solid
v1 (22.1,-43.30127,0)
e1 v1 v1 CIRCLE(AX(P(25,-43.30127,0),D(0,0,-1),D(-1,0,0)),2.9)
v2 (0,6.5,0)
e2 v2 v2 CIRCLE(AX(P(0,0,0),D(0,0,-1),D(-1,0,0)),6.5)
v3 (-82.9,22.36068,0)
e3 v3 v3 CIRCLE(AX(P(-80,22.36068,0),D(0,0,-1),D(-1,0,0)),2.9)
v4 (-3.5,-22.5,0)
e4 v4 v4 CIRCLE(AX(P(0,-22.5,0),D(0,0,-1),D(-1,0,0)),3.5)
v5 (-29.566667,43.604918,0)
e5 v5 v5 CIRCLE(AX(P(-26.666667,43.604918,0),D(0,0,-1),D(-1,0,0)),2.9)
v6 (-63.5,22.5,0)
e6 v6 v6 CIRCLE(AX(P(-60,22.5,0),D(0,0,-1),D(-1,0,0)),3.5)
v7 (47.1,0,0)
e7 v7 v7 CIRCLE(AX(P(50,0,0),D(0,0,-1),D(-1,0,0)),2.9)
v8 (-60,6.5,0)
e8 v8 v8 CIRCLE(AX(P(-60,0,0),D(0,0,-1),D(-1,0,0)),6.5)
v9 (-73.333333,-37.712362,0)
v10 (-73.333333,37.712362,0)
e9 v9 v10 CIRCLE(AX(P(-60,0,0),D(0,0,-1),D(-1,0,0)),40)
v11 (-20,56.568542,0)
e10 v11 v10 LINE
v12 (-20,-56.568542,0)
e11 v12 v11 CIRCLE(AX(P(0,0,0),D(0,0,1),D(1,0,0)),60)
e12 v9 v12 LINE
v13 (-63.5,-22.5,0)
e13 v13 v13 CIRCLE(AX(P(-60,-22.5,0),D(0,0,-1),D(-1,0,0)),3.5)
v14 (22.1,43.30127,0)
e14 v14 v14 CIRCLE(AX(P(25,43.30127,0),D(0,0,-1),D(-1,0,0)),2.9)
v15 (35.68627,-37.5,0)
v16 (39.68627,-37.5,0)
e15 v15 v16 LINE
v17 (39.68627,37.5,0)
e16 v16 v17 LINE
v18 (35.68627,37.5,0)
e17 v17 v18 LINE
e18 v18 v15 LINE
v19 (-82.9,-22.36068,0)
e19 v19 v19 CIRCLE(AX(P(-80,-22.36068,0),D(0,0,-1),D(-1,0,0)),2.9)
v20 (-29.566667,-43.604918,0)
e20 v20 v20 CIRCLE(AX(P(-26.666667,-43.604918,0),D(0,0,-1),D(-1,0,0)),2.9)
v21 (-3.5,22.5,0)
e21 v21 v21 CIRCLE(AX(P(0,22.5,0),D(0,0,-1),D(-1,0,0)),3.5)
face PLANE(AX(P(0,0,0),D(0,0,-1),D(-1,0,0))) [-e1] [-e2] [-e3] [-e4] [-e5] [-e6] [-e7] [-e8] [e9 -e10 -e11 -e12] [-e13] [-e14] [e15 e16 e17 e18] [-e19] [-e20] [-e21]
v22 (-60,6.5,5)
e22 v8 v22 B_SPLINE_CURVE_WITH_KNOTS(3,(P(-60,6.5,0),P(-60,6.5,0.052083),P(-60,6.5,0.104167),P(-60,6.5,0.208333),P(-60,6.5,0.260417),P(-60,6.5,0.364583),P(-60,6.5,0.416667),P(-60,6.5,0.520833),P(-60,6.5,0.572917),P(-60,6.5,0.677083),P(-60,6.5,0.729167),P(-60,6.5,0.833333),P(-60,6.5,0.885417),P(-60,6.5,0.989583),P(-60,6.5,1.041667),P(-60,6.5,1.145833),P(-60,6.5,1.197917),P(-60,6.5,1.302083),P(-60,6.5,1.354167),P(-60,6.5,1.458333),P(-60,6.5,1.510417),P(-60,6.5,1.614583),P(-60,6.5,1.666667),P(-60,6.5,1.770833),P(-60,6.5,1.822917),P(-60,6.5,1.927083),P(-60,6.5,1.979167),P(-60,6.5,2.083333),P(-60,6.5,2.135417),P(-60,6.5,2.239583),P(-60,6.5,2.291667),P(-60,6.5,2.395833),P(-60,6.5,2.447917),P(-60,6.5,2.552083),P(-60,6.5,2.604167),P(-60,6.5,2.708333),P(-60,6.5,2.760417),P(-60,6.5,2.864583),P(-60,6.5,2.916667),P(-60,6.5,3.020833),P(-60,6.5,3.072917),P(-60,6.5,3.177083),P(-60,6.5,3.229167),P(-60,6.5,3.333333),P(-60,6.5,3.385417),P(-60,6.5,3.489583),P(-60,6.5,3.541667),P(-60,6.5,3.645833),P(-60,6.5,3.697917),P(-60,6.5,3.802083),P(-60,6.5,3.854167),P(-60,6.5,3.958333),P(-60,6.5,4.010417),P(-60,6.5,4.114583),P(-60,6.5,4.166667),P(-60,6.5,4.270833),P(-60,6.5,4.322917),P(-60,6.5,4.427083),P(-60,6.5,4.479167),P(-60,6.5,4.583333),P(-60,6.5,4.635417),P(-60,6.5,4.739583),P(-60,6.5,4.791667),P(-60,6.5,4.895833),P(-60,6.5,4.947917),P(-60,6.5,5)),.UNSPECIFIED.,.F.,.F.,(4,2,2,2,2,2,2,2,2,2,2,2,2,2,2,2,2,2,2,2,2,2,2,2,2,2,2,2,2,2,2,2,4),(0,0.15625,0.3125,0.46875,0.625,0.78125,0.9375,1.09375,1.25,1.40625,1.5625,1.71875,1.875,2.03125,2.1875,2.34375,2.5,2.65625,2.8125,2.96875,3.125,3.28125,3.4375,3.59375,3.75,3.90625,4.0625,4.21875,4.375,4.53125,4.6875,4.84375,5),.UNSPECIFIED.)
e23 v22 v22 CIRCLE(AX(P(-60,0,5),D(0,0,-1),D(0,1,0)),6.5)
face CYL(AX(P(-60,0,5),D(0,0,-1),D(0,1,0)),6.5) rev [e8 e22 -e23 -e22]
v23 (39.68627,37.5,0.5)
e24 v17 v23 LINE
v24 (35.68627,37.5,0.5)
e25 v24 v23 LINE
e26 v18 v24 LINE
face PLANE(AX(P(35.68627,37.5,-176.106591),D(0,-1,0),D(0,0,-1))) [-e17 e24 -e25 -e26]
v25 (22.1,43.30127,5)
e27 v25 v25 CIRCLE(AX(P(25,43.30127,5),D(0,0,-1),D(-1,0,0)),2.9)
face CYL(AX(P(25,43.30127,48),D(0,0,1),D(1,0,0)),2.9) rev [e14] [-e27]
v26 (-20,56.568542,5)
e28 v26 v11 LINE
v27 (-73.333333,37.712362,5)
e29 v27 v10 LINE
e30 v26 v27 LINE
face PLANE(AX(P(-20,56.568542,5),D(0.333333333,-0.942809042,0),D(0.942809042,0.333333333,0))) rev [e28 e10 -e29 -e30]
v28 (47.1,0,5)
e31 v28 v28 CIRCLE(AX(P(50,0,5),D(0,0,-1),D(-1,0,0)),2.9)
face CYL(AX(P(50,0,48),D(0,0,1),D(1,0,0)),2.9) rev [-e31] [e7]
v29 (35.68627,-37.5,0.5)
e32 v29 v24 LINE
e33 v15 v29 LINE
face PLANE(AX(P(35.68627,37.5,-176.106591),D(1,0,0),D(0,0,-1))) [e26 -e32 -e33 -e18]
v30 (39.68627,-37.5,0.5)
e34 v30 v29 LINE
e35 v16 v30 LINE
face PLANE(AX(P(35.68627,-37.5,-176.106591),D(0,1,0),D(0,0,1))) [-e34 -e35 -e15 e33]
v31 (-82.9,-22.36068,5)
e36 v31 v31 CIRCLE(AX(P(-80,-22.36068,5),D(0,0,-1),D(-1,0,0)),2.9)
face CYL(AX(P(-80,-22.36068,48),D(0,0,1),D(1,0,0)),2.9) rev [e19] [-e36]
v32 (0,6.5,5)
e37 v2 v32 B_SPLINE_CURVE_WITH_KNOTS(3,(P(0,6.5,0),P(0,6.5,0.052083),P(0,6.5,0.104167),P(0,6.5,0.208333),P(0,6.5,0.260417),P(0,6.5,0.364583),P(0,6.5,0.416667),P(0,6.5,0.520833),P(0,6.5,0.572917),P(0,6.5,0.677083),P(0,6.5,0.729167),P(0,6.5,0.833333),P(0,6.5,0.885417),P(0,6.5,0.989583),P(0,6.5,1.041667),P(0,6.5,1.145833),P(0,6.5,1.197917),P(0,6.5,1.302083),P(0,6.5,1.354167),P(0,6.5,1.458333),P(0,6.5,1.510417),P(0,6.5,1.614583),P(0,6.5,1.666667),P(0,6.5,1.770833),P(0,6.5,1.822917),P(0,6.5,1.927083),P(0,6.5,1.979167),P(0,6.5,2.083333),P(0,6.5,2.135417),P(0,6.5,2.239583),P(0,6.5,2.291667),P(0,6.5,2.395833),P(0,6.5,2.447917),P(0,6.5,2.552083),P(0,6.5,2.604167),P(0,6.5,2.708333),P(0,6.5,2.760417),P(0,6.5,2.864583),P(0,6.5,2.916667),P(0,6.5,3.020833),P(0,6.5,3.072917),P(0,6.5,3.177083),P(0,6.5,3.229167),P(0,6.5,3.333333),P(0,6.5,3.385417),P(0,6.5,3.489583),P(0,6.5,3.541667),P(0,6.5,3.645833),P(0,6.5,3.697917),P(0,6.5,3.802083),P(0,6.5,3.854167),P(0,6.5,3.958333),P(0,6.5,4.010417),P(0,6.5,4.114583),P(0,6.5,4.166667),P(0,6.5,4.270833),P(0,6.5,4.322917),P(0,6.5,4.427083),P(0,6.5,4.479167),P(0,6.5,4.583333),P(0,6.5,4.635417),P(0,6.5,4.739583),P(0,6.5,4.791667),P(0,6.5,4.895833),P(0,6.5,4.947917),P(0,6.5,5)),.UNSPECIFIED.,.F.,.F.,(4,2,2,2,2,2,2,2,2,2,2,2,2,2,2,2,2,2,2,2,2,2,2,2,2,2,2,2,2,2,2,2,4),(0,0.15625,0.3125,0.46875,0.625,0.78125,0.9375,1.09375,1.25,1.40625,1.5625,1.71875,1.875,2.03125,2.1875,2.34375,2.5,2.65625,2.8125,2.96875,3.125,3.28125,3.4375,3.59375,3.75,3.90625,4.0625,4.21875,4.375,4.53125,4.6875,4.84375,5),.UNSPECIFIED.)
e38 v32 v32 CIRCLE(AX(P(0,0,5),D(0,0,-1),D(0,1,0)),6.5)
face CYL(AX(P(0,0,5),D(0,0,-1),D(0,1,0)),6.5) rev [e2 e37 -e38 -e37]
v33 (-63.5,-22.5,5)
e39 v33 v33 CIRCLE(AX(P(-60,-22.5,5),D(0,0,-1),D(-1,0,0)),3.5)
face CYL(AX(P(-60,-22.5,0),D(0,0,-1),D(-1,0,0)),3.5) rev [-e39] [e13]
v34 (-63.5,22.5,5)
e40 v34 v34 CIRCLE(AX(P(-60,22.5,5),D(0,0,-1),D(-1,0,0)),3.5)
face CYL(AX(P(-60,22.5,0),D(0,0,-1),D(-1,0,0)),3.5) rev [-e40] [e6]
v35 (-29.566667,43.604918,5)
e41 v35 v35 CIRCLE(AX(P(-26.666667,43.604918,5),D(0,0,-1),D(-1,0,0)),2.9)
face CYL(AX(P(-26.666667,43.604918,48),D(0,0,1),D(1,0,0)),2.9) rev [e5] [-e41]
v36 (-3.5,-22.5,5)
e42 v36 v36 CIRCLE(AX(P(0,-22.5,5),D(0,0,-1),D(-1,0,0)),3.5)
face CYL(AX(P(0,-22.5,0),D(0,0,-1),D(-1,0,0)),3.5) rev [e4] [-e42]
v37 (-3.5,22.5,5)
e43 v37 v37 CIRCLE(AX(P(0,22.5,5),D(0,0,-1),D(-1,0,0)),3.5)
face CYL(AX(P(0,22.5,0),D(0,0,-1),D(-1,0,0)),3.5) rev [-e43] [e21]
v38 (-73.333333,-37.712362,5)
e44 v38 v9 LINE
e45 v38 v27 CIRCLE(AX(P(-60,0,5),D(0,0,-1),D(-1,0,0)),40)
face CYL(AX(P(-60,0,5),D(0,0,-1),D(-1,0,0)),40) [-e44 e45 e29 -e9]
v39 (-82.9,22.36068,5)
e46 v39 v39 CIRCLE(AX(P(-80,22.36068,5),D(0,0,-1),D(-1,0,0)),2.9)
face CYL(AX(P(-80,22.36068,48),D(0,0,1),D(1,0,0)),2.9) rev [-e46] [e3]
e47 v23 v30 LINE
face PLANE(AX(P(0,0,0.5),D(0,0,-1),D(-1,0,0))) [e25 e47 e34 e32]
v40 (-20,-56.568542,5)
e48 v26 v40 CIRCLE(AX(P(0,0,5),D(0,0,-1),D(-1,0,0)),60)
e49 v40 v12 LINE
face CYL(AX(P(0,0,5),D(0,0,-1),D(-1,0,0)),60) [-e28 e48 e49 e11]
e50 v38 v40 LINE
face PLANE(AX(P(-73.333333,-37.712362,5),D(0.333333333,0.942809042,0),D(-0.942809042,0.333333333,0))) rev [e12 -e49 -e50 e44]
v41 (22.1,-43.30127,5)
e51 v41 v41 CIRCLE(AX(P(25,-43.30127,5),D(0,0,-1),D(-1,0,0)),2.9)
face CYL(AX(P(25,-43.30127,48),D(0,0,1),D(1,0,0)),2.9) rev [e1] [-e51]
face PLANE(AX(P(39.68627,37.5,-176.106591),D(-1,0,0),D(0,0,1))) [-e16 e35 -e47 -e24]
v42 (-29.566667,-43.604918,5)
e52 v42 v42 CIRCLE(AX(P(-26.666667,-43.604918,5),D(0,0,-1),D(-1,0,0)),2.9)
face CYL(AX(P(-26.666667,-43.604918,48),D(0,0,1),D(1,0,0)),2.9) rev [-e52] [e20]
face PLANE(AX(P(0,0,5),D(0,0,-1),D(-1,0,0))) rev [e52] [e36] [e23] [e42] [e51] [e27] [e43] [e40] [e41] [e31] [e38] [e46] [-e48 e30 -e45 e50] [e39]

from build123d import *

# Parameters (mm, degrees)
BOSS_EXTRU_1_DEPTH           = 5
ENL_V_MAT_EXTRU_1_DEPTH      = 131.1355063
ENL_V_MAT_EXTRU_1_DEPTH_BACK = 140
ESQUISSE2_R                  = 3.5
D_GAGEMENT_M51_D             = 5.8
D_GAGEMENT_M51_DEPTH         = 90
D_GAGEMENT_M51_TIP           = 1.742495795
ENL_V_MAT_EXTRU_3_DEPTH      = 167.883192683
ENL_V_MAT_EXTRU_3_DEPTH_BACK = 167.883192683
ESQUISSE6_R                  = 6.5
ENL_V_START                  = -0.5
ESQUISSE7_W                  = 75
ESQUISSE7_H                  = 4
ENL_V_MAT_EXTRU_4_DEPTH      = 0.5


with BuildPart() as part:
    # Esquisse1 → Boss.-Extru.1 (new body)
    with BuildSketch(Plane.XY):
        with BuildLine():
            Line((-20, 56.568542495), (-73.333333333, 37.712361663))
            ThreePointArc((-73.333333333, 37.712361663), (-100, 0), (-73.333333333, -37.712361663))
            Line((-73.333333333, -37.712361663), (-20, -56.568542495))
            ThreePointArc((-20, -56.568542495), (34.641016151, -48.989794856), (60, 0))
            ThreePointArc((60, 0), (34.641016151, 48.989794856), (-20, 56.568542495))
        make_face()
    extrude(amount=BOSS_EXTRU_1_DEPTH)

    # Esquisse2 → Enlèv. mat.-Extru.1 (cut, two sides: drawn at the far end of the back side and taken through both)
    with BuildSketch(Plane(origin=(15, 0, -5.5), x_dir=(0, -1, 0), z_dir=(0, 0, -1)).offset(-ENL_V_MAT_EXTRU_1_DEPTH_BACK)):
        with Locations(Location((-22.5, 15, 0), (0, 0, 90))):
            Circle(ESQUISSE2_R)
        with Locations(Location((22.5, 15, 0), (0, 0, 90))):
            Circle(ESQUISSE2_R)
        with Locations(Location((22.5, 75, 0), (0, 0, 90))):
            Circle(ESQUISSE2_R)
        with Locations(Location((-22.5, 75, 0), (0, 0, 90))):
            Circle(ESQUISSE2_R)
    extrude(amount=ENL_V_MAT_EXTRU_1_DEPTH + ENL_V_MAT_EXTRU_1_DEPTH_BACK, mode=Mode.SUBTRACT)

    # Dégagement M51
    with Locations(Plane(origin=(15, 0, 48), x_dir=(0, 1, 0), z_dir=(0, 0, 1))):
        with Locations((43.604918173, 41.666666667), (0, -35), (-43.301270189, -10), (43.301270189, -10), (-22.360679775, 95), (22.360679775, 95), (-43.604918173, 41.666666667)):
            Hole(D_GAGEMENT_M51_D / 2, depth=D_GAGEMENT_M51_DEPTH)
            with Locations((0, 0, -(D_GAGEMENT_M51_DEPTH + D_GAGEMENT_M51_TIP / 2))):  # 118° drill point
                Cone(0, D_GAGEMENT_M51_D / 2, D_GAGEMENT_M51_TIP, mode=Mode.SUBTRACT)

    # Esquisse6 → Enlèv. mat.-Extru.3 (cut, two sides: drawn at the far end of the back side and taken through both)
    with BuildSketch(Plane(origin=(15, 0, -100), x_dir=(0, -1, 0), z_dir=(0, 0, -1)).offset(-ENL_V_MAT_EXTRU_3_DEPTH_BACK)):
        with Locations(Location((0, 15, 0), (0, 0, 180))):
            Circle(ESQUISSE6_R)
        with Locations(Location((0, 75, 0), (0, 0, 180))):
            Circle(ESQUISSE6_R)
    extrude(amount=ENL_V_MAT_EXTRU_3_DEPTH + ENL_V_MAT_EXTRU_3_DEPTH_BACK, mode=Mode.SUBTRACT)

    # Esquisse7 → Enlèv. mat.-Extru.4 (cut)
    with BuildSketch(Plane(origin=(15, 0, 0), x_dir=(0, -1, 0), z_dir=(0, 0, -1)).offset(ENL_V_START)):
        with Locations((0, -22.686269666)):
            Rectangle(ESQUISSE7_W, ESQUISSE7_H)
    extrude(amount=ENL_V_MAT_EXTRU_4_DEPTH, mode=Mode.SUBTRACT)


solid = part.part
